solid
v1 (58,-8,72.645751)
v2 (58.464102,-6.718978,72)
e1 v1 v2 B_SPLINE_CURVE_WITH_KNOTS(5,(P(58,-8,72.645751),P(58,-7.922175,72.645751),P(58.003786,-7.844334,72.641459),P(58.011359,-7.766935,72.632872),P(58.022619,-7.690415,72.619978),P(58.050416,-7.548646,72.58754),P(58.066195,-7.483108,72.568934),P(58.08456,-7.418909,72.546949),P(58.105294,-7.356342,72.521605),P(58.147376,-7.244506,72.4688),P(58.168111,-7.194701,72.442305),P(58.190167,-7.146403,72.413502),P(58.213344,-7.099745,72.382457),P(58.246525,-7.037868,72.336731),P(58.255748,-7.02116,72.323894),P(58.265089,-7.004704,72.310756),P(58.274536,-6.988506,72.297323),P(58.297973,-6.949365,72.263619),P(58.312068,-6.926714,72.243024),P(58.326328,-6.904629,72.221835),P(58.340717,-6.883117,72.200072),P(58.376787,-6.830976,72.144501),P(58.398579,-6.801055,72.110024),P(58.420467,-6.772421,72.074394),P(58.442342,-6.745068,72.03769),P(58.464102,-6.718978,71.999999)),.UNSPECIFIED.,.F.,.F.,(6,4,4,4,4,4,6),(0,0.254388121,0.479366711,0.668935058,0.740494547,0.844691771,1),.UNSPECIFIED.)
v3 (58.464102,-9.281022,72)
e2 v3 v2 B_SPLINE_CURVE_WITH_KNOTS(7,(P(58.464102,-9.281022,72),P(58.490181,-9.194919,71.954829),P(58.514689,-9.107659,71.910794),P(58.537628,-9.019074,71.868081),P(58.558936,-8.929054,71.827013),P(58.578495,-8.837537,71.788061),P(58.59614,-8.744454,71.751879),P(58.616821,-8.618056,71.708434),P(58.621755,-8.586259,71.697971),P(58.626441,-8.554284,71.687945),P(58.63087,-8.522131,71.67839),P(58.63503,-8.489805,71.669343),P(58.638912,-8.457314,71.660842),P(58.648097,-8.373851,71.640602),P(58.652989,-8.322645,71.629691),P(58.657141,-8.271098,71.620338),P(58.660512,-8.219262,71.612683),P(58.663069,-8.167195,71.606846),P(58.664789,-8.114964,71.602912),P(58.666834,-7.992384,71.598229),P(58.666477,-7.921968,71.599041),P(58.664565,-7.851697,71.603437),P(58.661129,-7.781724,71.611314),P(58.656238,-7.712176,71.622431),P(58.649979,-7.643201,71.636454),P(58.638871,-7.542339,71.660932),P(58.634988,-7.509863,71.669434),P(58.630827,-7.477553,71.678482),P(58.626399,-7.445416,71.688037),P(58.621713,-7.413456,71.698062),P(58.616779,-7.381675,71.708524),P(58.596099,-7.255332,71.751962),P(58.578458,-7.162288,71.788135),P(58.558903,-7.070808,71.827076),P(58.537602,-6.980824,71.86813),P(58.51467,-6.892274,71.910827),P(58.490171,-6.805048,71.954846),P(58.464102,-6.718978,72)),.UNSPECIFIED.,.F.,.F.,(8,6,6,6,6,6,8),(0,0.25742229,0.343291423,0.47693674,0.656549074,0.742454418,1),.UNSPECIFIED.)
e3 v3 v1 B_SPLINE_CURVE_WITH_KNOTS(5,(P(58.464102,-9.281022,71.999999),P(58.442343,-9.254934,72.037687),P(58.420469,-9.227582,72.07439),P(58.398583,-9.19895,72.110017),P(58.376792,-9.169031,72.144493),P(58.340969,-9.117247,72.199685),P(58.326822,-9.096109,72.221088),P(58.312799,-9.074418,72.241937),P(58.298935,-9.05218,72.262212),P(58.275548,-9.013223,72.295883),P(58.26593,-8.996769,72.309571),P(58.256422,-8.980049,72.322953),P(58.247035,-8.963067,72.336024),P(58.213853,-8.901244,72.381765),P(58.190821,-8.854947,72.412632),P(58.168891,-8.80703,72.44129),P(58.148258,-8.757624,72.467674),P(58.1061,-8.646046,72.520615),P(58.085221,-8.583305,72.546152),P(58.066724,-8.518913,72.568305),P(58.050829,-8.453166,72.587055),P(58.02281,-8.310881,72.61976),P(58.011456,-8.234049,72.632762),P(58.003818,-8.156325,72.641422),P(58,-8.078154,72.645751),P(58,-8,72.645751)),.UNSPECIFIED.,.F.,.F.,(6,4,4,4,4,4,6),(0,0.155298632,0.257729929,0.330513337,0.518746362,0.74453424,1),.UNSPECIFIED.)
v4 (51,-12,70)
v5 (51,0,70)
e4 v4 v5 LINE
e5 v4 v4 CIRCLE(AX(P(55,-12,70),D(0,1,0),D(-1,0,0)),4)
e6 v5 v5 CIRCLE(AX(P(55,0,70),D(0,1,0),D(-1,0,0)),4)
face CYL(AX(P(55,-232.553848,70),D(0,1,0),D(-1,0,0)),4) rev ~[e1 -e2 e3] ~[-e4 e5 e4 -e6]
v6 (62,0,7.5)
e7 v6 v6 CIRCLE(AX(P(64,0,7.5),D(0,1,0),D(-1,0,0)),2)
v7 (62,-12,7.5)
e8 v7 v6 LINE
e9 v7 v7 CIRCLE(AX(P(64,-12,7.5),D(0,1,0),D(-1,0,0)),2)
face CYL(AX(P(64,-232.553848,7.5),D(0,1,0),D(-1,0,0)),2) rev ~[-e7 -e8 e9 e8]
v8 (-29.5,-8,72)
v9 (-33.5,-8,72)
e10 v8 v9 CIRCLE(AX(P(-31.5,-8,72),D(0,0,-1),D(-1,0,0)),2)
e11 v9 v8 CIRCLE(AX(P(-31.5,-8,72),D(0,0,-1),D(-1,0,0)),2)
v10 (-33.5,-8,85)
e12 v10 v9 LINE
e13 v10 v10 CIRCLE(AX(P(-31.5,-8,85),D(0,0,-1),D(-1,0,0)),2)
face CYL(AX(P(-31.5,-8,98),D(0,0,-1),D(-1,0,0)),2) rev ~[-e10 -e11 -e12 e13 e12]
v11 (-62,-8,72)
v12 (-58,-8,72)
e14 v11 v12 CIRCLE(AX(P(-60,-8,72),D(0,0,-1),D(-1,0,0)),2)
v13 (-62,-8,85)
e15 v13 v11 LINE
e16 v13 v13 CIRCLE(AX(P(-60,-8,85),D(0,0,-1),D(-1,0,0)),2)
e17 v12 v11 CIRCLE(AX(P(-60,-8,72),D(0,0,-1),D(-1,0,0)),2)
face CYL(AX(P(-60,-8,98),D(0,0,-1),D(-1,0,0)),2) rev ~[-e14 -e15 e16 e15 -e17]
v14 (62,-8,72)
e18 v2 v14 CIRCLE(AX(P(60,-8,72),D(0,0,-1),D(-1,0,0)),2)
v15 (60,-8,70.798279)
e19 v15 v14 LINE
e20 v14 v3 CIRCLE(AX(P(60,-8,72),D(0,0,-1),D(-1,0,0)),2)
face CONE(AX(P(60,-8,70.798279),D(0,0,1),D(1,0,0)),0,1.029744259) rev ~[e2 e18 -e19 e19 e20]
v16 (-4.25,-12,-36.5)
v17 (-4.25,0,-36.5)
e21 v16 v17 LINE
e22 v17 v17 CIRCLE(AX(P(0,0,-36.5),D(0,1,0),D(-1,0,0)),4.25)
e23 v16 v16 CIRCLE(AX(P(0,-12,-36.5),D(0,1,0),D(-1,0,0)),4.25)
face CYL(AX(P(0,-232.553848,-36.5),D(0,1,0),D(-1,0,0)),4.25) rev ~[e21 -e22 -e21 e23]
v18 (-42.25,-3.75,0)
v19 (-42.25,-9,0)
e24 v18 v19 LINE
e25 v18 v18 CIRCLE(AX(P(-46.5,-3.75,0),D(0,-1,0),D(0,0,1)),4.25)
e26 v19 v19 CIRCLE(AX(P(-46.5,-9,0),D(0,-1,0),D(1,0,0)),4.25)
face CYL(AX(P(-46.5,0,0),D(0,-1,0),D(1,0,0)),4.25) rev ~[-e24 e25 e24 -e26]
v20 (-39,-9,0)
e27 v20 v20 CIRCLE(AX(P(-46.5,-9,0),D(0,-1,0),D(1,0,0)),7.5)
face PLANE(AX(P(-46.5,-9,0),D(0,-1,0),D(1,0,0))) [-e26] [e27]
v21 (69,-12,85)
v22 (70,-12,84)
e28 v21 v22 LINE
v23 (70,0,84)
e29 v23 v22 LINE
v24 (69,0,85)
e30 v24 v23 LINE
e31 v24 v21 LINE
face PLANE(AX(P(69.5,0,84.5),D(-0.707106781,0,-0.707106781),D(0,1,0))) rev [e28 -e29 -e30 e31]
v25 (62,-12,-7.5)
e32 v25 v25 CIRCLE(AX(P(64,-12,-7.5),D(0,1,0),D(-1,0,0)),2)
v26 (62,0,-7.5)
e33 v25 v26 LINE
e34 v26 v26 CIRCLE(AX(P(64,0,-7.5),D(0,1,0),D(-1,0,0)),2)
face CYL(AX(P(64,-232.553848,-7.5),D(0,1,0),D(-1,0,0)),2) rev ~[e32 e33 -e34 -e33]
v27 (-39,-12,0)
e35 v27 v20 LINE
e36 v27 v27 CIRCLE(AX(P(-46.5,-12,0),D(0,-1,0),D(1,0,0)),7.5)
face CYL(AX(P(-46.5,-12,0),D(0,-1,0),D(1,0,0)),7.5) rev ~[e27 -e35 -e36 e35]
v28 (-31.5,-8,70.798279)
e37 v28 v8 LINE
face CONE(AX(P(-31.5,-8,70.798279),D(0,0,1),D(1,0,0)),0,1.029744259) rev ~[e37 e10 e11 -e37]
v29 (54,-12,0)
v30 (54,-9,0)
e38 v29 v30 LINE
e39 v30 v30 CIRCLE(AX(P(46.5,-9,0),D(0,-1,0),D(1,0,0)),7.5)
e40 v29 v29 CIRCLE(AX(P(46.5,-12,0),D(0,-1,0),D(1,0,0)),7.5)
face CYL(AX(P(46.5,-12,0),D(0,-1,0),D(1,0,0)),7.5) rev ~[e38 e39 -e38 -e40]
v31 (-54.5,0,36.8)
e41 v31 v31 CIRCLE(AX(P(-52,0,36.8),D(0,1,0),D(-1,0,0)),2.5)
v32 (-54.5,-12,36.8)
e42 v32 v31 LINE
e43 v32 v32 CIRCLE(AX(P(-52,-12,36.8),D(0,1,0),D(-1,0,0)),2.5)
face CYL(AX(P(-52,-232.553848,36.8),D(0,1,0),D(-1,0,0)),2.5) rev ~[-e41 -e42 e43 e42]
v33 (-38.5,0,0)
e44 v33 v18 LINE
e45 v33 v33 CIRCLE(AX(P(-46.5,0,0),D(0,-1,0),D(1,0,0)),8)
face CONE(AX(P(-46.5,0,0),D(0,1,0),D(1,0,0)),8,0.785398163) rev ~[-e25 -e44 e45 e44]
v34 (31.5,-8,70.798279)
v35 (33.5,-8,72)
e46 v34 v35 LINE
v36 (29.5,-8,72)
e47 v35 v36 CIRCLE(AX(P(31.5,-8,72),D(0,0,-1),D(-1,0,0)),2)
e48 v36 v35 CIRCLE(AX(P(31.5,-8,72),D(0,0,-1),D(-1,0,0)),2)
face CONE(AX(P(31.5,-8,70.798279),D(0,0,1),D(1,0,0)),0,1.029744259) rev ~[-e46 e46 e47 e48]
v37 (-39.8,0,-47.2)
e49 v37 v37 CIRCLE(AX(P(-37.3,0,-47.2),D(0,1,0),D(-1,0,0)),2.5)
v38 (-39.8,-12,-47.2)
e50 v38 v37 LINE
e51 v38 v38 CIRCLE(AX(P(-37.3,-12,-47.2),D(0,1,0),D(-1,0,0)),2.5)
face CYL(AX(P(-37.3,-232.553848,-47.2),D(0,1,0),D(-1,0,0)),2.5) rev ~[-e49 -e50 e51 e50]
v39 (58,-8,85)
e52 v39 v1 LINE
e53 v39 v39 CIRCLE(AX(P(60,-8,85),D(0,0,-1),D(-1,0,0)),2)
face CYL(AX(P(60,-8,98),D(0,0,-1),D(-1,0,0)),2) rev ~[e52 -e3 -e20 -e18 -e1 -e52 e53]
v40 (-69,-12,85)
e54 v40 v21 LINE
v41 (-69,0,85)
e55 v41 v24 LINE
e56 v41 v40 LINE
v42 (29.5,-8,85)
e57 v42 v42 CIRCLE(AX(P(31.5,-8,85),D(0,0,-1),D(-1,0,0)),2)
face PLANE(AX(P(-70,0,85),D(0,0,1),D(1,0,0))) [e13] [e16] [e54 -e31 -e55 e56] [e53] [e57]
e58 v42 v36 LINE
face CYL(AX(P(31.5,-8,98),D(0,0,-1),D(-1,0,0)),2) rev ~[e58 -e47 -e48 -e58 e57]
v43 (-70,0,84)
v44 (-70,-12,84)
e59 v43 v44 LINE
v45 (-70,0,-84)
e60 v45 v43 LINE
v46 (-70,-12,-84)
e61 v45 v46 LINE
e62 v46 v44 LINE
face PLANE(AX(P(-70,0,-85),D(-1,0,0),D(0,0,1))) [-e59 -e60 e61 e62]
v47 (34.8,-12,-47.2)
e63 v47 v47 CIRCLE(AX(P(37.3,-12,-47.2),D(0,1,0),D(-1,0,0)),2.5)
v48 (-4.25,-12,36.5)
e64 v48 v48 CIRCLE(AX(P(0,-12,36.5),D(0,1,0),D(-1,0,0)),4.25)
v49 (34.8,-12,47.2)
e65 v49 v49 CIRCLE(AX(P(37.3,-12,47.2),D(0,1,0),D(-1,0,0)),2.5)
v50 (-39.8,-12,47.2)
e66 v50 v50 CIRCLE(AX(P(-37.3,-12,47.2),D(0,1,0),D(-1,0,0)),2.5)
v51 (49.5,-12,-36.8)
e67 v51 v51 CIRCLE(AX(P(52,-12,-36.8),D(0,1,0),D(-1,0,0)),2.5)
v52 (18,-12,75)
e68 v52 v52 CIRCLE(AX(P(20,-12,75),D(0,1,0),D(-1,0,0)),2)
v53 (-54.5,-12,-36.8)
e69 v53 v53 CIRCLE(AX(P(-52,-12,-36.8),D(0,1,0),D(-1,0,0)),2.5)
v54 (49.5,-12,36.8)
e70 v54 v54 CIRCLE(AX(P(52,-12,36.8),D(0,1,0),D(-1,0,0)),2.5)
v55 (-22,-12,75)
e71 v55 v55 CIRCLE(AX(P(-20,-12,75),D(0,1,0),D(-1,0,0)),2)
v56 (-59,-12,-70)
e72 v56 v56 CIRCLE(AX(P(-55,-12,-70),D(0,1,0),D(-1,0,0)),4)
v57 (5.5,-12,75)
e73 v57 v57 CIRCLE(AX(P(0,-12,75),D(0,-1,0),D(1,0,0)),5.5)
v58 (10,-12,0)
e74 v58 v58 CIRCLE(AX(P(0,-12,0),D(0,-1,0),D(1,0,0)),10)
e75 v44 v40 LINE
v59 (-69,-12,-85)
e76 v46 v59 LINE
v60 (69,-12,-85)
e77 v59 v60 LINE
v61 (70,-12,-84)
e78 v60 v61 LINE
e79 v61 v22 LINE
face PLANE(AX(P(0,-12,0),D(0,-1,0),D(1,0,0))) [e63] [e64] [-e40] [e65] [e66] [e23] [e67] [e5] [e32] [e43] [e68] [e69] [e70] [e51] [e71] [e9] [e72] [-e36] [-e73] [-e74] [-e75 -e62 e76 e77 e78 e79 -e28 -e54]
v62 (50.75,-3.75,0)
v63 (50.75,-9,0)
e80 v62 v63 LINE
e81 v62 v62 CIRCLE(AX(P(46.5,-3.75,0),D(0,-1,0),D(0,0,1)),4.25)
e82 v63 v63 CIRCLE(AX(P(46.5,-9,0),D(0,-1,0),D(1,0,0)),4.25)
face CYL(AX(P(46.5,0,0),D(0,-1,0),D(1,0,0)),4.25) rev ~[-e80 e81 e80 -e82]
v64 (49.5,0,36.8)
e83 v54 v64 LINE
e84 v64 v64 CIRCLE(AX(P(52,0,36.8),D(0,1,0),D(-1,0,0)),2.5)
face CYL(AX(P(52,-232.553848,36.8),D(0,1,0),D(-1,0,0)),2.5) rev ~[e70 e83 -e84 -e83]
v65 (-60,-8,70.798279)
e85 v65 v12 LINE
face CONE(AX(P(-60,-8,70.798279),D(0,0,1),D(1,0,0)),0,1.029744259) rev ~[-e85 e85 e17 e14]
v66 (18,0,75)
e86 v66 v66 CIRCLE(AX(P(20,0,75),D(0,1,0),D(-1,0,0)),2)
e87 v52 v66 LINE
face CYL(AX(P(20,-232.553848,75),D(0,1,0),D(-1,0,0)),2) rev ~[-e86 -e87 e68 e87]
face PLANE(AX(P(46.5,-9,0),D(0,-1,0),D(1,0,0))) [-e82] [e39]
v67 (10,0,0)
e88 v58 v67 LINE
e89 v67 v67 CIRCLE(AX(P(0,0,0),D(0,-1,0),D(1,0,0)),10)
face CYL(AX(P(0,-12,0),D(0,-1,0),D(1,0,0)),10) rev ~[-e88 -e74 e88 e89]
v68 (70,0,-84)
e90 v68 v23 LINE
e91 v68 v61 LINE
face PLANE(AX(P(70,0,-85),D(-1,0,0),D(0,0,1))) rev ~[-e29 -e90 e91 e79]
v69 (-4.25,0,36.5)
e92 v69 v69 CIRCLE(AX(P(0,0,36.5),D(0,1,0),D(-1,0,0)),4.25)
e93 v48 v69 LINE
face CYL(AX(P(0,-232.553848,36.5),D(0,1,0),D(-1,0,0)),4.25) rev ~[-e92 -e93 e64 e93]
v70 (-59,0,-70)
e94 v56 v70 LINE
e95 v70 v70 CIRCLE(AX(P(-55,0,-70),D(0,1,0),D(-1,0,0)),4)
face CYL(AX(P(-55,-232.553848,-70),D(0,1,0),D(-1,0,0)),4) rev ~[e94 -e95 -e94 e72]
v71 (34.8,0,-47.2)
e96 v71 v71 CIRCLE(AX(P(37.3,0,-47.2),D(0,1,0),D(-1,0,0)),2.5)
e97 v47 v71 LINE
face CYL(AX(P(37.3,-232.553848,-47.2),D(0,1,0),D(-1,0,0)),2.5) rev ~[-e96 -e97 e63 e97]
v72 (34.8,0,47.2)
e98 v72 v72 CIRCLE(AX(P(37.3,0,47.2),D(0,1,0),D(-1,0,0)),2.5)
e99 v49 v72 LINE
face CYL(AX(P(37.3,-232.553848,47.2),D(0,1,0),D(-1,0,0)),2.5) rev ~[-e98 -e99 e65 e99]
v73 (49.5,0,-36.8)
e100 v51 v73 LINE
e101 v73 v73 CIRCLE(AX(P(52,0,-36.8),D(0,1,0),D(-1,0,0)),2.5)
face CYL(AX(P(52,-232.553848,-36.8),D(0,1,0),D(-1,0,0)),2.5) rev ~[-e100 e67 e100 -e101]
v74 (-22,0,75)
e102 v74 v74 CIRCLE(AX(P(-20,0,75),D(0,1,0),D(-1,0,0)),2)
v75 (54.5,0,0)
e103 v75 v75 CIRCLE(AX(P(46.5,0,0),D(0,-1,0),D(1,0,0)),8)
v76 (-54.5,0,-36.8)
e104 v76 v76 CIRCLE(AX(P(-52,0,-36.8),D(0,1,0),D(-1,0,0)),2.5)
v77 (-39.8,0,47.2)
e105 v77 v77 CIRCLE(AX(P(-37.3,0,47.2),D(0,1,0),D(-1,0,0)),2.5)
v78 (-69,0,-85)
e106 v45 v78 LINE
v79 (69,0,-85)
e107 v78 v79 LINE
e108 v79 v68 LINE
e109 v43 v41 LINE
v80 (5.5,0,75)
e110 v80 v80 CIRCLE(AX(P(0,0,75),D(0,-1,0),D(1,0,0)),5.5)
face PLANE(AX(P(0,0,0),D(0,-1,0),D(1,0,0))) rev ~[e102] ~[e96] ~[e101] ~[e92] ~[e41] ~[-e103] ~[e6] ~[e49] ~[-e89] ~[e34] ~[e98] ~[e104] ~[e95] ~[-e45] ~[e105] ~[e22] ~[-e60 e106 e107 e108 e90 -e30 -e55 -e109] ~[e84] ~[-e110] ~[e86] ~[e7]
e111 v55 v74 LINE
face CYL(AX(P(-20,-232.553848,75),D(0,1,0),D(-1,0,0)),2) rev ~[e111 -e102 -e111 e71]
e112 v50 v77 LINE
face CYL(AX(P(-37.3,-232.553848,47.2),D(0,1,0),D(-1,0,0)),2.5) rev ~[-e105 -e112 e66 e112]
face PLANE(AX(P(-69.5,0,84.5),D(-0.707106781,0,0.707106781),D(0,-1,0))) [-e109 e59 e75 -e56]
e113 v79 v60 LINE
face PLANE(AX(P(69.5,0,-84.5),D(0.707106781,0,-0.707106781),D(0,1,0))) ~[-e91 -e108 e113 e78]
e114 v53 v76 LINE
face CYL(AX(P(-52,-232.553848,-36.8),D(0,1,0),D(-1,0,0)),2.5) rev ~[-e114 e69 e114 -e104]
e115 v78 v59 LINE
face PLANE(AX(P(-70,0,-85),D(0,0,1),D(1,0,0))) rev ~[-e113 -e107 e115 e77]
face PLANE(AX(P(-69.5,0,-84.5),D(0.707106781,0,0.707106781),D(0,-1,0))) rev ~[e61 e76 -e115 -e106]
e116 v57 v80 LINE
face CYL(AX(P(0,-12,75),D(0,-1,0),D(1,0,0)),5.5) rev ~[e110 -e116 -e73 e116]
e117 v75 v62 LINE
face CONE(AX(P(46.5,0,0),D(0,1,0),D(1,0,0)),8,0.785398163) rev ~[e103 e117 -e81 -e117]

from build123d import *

# Parameters (mm, degrees)
F0_W           = 140
F0_H           = 170
F1_DEPTH       = 12
F2_R           = 10
F3_DEPTH       = 12
F5_D           = 8
F6_R           = 7.5
F7_DEPTH       = 3
F9_D           = 8.5
F9_DEPTH       = 12
F9_CSINK_D     = 16
F9_CSINK_ANGLE = 90
F9_TIP         = 2.5536576309
F11_D          = 8.5
F13_D          = 5
F15_D          = 4
F16_R          = 5.5
F17_DEPTH      = 12
F19_D          = 4
F19_DEPTH      = 13
F19_TIP        = 1.2017212381
F20_SIZE       = 1


with BuildPart() as f1:
    # F0 (on Front) → F1 (new body)
    with BuildSketch(Plane.XZ):
        Rectangle(F0_W, F0_H)
    extrude(amount=F1_DEPTH)

    # F2 (on face) → F3 (cut)
    with BuildSketch(Plane.XZ.offset(12)):
        Circle(F2_R)
    extrude(amount=-F3_DEPTH, mode=Mode.SUBTRACT)

    # F5 (through all)
    with Locations(Plane.XZ.offset(12)):
        with Locations((-55, -70), (55, 70)):
            Hole(F5_D / 2)

    # F6 (on face) → F7 (cut)
    with BuildSketch(Plane.XZ.offset(12)):
        with Locations((-46.5, 0)):
            Circle(F6_R)
        with Locations((46.5, 0)):
            Circle(F6_R)
    extrude(amount=-F7_DEPTH, mode=Mode.SUBTRACT)

    # F9
    with Locations(Plane(origin=(0, 0, 0), x_dir=(-1, 0, 0), z_dir=(0, 1, 0))):
        with Locations((46.5, 0), (-46.5, 0)):
            CounterSinkHole(F9_D / 2, F9_CSINK_D / 2, depth=F9_DEPTH, counter_sink_angle=F9_CSINK_ANGLE)
            with Locations((0, 0, -(F9_DEPTH + F9_TIP / 2))):  # 118° drill point
                Cone(0, F9_D / 2, F9_TIP, mode=Mode.SUBTRACT)

    # F11 (through all)
    with Locations(Plane.XZ.offset(12)):
        with Locations((0, -36.5), (0, 36.5)):
            Hole(F11_D / 2)

    # F13 (through all)
    with Locations(Plane.XZ.offset(12)):
        with Locations((52, -36.8), (37.3, -47.2), (-37.3, -47.2), (-52, -36.8), (-52, 36.8), (-37.3, 47.2), (37.3, 47.2), (52, 36.8)):
            Hole(F13_D / 2)

    # F15 (through all)
    with Locations(Plane.XZ.offset(12)):
        with Locations((-20, 75), (20, 75), (64, 7.5), (64, -7.5)):
            Hole(F15_D / 2)

    # F16 (on face) → F17 (cut)
    with BuildSketch(Plane.XZ.offset(12)):
        with Locations((0, 75)):
            Circle(F16_R)
    extrude(amount=-F17_DEPTH, mode=Mode.SUBTRACT)

    # F19
    with Locations(Plane.XY.offset(85)):
        with Locations((60, -8), (31.5, -8), (-31.5, -8), (-60, -8)):
            Hole(F19_D / 2, depth=F19_DEPTH)
            with Locations((0, 0, -(F19_DEPTH + F19_TIP / 2))):  # 118° drill point
                Cone(0, F19_D / 2, F19_TIP, mode=Mode.SUBTRACT)

    # F20
    f20_edges = [f1.edges().sort_by_distance(p)[0] for p in [
        (-70, -6, -85),
        (-70, -6, 85),
        (70, -6, 85),
        (70, -6, -85),
    ]]
    chamfer(f20_edges, length=F20_SIZE)


solid = f1.part
